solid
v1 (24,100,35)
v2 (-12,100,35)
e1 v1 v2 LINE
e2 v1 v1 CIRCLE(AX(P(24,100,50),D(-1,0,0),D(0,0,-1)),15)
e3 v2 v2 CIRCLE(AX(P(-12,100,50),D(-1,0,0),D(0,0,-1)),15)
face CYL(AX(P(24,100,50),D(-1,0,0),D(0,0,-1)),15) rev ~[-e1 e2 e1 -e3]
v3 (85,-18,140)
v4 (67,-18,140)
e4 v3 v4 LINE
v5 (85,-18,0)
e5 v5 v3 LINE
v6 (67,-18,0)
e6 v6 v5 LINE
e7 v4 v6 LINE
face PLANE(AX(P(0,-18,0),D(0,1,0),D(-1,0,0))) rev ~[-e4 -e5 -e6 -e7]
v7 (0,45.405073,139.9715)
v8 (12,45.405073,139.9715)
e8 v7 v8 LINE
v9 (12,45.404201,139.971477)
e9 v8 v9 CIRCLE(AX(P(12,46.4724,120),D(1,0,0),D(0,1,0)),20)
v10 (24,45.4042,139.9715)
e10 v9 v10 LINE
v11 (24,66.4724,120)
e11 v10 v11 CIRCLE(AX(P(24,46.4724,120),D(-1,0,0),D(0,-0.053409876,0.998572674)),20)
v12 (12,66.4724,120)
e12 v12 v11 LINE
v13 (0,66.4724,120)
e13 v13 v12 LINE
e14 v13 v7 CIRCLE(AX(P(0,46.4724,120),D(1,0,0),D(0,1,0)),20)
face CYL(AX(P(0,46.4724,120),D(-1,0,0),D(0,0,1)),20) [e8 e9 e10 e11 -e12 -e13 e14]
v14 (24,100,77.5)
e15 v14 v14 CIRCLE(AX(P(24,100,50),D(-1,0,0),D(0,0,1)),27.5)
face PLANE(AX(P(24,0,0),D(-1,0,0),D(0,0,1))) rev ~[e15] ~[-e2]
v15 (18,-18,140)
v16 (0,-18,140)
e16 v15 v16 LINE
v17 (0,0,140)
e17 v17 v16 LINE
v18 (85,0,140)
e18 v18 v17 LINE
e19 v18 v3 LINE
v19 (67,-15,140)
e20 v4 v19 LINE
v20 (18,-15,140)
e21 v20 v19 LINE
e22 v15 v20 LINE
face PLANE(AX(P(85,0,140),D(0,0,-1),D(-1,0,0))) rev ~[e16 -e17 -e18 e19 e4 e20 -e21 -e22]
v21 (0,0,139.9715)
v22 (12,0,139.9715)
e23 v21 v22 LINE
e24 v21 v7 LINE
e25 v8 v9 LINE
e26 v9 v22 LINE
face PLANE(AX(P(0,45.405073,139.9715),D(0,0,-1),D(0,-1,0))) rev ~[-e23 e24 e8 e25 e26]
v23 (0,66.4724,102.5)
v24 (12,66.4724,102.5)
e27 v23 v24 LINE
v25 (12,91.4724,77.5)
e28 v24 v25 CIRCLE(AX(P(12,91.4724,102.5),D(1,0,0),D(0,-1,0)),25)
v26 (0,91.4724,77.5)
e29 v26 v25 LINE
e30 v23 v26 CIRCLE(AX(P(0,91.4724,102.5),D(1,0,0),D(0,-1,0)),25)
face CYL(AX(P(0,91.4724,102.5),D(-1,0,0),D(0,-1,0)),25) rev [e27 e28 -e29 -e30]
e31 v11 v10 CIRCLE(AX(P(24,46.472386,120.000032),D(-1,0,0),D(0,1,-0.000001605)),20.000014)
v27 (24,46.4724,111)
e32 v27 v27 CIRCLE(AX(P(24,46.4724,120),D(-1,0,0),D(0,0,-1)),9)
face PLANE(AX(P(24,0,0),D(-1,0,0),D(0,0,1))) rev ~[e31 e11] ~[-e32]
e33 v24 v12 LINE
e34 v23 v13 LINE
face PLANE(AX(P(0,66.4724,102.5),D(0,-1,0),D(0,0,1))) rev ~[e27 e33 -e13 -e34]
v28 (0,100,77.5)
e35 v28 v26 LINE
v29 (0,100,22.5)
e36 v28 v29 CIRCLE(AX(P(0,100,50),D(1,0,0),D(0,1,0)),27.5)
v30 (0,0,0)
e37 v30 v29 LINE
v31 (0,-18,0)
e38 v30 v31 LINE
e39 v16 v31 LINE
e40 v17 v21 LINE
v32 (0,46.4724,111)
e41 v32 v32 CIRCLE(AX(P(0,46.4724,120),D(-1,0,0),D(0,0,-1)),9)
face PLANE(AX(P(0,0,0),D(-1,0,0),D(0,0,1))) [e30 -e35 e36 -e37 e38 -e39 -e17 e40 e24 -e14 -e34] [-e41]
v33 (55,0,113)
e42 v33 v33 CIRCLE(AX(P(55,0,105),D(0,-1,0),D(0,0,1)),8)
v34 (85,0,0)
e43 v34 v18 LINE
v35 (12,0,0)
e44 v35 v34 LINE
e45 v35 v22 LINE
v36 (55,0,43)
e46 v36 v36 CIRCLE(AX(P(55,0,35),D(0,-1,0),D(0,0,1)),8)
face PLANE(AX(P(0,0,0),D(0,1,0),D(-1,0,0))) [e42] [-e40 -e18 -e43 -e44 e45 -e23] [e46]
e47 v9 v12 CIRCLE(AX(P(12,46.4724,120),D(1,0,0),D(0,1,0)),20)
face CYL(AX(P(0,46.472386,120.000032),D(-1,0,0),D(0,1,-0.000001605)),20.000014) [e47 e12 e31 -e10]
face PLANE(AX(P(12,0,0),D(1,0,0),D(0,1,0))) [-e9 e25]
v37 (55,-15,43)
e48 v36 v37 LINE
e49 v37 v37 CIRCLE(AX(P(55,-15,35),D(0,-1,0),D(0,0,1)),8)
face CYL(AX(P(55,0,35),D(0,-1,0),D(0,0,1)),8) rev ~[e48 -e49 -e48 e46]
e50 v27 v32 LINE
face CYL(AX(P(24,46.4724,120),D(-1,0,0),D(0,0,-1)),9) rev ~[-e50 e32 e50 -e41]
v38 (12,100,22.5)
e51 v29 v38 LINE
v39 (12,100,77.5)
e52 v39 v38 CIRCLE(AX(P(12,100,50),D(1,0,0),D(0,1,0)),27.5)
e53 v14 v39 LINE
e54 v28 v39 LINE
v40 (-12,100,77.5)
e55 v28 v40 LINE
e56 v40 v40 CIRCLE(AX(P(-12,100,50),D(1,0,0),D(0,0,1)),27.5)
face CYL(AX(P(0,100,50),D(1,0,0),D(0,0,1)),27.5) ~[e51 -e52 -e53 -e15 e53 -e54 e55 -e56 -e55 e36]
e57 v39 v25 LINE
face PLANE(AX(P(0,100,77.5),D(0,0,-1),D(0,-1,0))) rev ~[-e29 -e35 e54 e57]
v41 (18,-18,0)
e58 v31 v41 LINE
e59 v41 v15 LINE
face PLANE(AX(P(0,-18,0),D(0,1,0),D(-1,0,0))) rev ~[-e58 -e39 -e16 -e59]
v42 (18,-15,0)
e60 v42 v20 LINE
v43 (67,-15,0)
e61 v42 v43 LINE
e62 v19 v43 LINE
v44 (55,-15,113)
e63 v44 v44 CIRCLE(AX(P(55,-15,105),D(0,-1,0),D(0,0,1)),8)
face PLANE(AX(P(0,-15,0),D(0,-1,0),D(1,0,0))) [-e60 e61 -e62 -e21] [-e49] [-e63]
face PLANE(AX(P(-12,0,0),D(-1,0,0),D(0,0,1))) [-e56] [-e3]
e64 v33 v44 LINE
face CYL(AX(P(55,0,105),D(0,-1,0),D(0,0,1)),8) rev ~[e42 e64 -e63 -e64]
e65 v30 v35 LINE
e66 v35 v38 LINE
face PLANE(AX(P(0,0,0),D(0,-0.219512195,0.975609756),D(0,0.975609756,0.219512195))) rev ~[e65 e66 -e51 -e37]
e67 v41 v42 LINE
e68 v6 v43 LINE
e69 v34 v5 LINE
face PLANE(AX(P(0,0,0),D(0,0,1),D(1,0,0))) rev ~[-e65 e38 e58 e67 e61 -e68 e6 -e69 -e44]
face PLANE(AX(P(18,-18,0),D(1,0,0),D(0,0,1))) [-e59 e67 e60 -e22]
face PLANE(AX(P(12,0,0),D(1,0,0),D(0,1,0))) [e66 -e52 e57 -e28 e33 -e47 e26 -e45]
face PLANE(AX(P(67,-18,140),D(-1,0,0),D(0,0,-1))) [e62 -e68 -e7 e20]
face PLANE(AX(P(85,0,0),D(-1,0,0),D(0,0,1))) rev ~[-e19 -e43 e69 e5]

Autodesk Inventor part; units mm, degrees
ref_plane "YZ Plane" through (0, 0, 0) normal (1, 0, 0) x (0, 1, 0)
ref_plane "XZ Plane" through (0, 0, 0) normal (0, 1, 0) x (-1, 0, 0)
ref_plane "XY Plane" through (0, 0, 0) normal (0, 0, 1) x (1, 0, 0)
sketch "Szkic1" plane through (0, 0, 0) normal (0, 1, 0) x (-1, 0, 0)
  line L0 (0, 0) -> (-85, 0)
  line L1 (-85, 0) -> (-85, 140)
  line L2 (-85, 140) -> (0, 140)
  line L3 (0, 140) -> (0, 0)
  dimension "d0" = 85
  dimension "d1" = 140
sketch "Szkic2" plane through (0, 0, 0) normal (1, 0, 0) x (0, 1, 0)
  circle A0 centre (46.4724, 120) radius 20
  line L0 (47.5406, 139.9715) -> (0, 139.9715)
  circle A1 centre (100, 50) radius 27.5
  line L1 (0, 0) -> (100, 22.5)
  line L2 (100, 77.5) -> (91.4724, 77.5)
  line L3 (66.4724, 102.5) -> (66.4724, 120)
  arc A2 (66.4724, 102.5) -> (91.4724, 77.5) centre (91.4724, 102.5) ccw
  line L4 (0, 0) -> (0, 139.9715)
  point P0 (45.4042, 139.9715)
  dimension "d2" = 40
  dimension "d3" = 120
  dimension "d4" = 55
  dimension "d5" = 100
  dimension "d6" = 50
  dimension "d7" = 25
extrude "Wyciągnięcie proste1" add sketch "Szkic2" along normal blind 12 contours L3 A2 L2 A1 L1 L4 L0 A0
extrude "Wyciągnięcie proste2" add sketch "Szkic1" against normal blind 18
sketch "Szkic3" plane through (0, 0, 0) normal (-1, 0, 0) x (0, 0, 1)
  arc A0 (22.5, 100) -> (77.5, 100) centre (50, 100) ccw projected
  circle A1 centre (50, 100) radius 27.5
  point P0 (0, 0)
extrude "Wyciągnięcie proste3" add sketch "Szkic3" along normal blind 12 and the other way blind 24
sketch "Szkic4" plane through (0, 0, 0) normal (-1, 0, 0) x (0, 0, 1)
  arc A0 (120, 66.4724) -> (139.9715, 45.4042) centre (120, 46.4724) ccw projected
  circle A1 centre (120, 46.4724) radius 20
  point P0 (0, 0)
  point P1 (139.9715, 45.4042)
extrude "Wyciągnięcie proste4" add sketch "Szkic4" against normal blind 24
sketch "Szkic5" plane through (24, 100, 50) normal (1, 0, 0) x (0, 0, -1)
  point P0 (50, -100)
  point P1 (0, 0)
hole "Otwór1" at (24, 100, 50) direction (-1, 0, 0) diameter 30 end through all
sketch "Szkic6" plane through (24, 46.4724, 120) normal (1, 0, 0) x (0, 0, -1)
  point P0 (120, -46.4724)
  point P1 (0, 0)
hole "Otwór2" at (24, 46.4724, 120) direction (-1, 0, 0) diameter 18 end through all
sketch "Szkic7" plane through (0, 0, 0) normal (0, 1, 0) x (1, 0, 0)
  line L0 (0, -140) -> (85, -140) projected
  line L1 (85, -140) -> (85, 0) projected
  point P0 (0, 0)
  point P1 (55, -105)
  point P2 (55, -35)
  dimension "d32" = 35
  dimension "d33" = 70
  dimension "d34" = 30
  dimension "d35" = 30
hole "Otwór3" at (55, 0, 105) at (55, 0, 35) direction (0, -1, 0) diameter 16 end through all
sketch "Szkic8" plane through (0, -18, 0) normal (0, -1, 0) x (1, 0, 0)
  line L0 (0, 0) -> (85, 0) projected
  line L1 (18, 140) -> (67, 140)
  line L2 (67, 140) -> (67, 0)
  line L3 (67, 0) -> (18, 0)
  line L4 (18, 0) -> (18, 140)
  line L5 (0, 140) -> (0, 0) projected
  line L6 (85, 0) -> (85, 140) projected
  point P0 (18, 0)
  dimension "d43" = 18
  dimension "d44" = 18
extrude "Wyciągnięcie proste5" cut sketch "Szkic8" against normal blind 3
